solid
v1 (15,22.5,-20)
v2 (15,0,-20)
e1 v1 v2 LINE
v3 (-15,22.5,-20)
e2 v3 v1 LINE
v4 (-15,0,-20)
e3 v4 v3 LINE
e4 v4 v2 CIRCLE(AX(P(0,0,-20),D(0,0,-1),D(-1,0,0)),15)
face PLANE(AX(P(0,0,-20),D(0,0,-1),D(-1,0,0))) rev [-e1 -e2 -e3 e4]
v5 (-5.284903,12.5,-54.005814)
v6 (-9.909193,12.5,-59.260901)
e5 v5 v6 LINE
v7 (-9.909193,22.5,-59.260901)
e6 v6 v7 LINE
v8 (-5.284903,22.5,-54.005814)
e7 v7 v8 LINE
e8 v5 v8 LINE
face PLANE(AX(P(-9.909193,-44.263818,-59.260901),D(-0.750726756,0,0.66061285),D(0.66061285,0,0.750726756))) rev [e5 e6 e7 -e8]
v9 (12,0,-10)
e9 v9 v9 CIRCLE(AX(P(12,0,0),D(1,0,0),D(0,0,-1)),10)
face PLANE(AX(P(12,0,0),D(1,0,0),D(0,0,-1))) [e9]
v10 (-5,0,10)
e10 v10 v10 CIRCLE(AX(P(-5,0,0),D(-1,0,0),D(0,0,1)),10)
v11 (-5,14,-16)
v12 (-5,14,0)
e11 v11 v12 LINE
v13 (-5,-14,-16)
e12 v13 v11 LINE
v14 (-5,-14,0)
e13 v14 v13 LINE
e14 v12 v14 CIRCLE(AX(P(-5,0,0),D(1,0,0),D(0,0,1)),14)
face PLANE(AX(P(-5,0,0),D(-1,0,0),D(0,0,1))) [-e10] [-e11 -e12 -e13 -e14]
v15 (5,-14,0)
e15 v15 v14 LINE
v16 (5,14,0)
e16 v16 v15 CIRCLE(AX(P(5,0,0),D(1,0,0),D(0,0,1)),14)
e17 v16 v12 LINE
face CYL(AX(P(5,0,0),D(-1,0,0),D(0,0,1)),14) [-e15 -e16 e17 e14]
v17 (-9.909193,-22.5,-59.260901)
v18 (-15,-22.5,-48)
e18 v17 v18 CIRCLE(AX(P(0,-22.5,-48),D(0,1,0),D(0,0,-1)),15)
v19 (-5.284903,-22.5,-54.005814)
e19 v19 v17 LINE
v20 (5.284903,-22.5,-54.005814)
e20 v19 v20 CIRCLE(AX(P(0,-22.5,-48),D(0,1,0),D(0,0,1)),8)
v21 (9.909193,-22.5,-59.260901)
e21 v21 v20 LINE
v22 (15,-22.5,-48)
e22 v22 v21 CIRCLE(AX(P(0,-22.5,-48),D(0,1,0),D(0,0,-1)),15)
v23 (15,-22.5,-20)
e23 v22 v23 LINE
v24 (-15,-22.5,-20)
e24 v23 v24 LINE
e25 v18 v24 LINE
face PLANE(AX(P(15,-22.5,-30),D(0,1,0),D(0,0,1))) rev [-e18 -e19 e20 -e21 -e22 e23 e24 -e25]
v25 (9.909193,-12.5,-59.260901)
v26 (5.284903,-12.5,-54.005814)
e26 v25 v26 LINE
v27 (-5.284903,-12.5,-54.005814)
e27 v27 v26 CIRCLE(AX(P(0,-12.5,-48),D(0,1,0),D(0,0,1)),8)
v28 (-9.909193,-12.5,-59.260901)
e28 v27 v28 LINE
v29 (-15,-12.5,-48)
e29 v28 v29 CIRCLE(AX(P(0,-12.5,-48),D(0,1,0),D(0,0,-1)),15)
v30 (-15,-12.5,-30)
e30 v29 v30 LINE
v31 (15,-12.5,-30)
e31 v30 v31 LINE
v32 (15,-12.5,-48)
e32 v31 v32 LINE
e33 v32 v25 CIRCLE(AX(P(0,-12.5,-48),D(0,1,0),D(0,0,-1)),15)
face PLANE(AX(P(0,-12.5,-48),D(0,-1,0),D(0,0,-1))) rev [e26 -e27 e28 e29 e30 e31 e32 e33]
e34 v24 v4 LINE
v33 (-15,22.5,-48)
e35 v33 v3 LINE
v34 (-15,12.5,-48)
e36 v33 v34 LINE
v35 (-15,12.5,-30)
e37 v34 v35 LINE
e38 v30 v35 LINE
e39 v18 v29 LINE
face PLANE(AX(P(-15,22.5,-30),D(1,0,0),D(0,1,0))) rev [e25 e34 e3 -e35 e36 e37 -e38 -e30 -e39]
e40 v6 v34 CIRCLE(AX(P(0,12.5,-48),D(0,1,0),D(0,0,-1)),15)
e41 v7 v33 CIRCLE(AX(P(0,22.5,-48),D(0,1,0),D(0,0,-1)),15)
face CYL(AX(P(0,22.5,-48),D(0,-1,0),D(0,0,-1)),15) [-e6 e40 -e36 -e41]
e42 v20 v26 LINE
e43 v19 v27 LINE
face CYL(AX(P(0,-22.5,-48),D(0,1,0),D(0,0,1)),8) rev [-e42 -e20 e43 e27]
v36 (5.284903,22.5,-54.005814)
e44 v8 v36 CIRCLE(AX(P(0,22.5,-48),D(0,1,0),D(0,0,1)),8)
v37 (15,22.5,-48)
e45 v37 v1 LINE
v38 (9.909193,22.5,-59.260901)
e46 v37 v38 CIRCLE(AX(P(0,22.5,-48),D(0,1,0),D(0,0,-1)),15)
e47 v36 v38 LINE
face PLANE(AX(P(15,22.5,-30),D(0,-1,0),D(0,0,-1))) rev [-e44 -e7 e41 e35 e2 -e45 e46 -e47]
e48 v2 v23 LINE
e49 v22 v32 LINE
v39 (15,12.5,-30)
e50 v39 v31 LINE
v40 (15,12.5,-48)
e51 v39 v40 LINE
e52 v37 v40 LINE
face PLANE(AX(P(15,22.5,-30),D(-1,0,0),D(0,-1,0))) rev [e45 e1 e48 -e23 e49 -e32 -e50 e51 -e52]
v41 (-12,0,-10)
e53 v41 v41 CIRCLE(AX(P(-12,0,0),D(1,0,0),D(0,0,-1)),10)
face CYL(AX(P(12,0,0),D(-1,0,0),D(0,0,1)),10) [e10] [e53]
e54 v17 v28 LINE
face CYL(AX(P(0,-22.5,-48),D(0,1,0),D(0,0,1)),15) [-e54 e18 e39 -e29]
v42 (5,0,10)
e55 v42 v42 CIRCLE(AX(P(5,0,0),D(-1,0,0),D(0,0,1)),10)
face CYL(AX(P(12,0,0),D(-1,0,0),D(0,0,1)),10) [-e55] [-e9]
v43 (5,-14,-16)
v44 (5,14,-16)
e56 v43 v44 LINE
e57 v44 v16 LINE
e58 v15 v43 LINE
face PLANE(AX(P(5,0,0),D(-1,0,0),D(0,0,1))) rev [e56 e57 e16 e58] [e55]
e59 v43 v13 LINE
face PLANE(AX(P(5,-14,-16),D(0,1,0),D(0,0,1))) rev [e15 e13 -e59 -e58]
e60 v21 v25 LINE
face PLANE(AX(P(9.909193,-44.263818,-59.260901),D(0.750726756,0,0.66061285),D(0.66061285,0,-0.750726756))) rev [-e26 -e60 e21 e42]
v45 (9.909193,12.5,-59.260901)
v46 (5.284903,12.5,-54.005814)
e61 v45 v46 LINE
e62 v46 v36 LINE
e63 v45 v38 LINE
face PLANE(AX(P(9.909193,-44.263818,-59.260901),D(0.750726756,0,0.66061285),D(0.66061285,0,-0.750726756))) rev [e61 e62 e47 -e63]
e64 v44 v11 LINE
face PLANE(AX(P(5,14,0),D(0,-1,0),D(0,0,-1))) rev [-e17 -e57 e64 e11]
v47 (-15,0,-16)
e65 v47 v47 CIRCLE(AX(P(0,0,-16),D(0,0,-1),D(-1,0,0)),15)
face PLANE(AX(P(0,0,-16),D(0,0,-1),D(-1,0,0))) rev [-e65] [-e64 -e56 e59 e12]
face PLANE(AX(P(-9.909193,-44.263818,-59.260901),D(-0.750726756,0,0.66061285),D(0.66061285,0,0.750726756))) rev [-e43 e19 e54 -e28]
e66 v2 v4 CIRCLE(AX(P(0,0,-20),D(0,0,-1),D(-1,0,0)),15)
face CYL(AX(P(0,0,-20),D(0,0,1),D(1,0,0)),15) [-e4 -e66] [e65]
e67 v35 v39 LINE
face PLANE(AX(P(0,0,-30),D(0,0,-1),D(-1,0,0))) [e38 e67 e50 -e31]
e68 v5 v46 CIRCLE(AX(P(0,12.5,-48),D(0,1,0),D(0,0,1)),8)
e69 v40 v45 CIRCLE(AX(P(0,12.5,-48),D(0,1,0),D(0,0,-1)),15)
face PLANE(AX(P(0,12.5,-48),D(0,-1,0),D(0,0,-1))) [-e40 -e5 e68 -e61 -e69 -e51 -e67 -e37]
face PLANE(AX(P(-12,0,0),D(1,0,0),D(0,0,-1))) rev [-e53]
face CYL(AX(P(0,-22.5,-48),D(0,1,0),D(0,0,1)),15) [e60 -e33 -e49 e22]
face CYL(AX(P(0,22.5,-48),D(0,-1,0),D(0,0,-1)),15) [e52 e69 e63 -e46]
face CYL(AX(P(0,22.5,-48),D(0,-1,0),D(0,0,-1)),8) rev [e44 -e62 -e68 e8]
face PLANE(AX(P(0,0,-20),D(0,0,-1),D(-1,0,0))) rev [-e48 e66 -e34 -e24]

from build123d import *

# Parameters (mm, degrees)
SKETCH3_R           = 10
BOSS_EXTRUDE2_DEPTH = 12
BOSS_EXTRUDE3_DEPTH = 5
SKETCH5_R           = 15
BOSS_EXTRUDE4_DEPTH = 4
SKETCH6_W           = 30
SKETCH6_H           = 45
BOSS_EXTRUDE6_DEPTH = 10
BOSS_EXTRUDE7_START = 12.5
SKETCH7_R           = 8
BOSS_EXTRUDE7_DEPTH = 10
BOSS_EXTRUDE8_START = -22.5
SKETCH7_2_R         = 8
BOSS_EXTRUDE8_DEPTH = 10
CUT_EXTRUDE1_REACH  = 80.861


with BuildPart() as part:
    # Sketch3 → Boss-Extrude2 (new, symmetric)
    with BuildSketch(Plane(origin=(0, 0, 0), x_dir=(0, 0, -1), z_dir=(1, 0, 0))):
        Circle(SKETCH3_R)
    extrude(amount=BOSS_EXTRUDE2_DEPTH, both=True)

    # Sketch4 → Boss-Extrude3 (add, symmetric)
    with BuildSketch(Plane(origin=(0, 0, 0), x_dir=(0, 0, -1), z_dir=(1, 0, 0))):
        with BuildLine():
            Line((0, 14), (16, 14))
            Line((16, 14), (16, -14))
            Line((16, -14), (0, -14))
            ThreePointArc((0, -14), (-14, 0), (0, 14))
        make_face()
    extrude(amount=BOSS_EXTRUDE3_DEPTH, both=True)

    # Sketch5 → Boss-Extrude4 (add)
    with BuildSketch(Plane(origin=(0, 0, -16), x_dir=(-1, 0, 0), z_dir=(0, 0, -1))):
        Circle(SKETCH5_R)
    extrude(amount=BOSS_EXTRUDE4_DEPTH)

    # Sketch6 → Boss-Extrude6 (add)
    with BuildSketch(Plane(origin=(0, 0, -20), x_dir=(-1, 0, 0), z_dir=(0, 0, -1))):
        Rectangle(SKETCH6_W, SKETCH6_H)
    extrude(amount=BOSS_EXTRUDE6_DEPTH)

    # Sketch7 → Boss-Extrude7 (add)
    with BuildSketch(Plane(origin=(0, 0, 0), x_dir=(1, 0, 0), z_dir=(0, 1, 0)).offset(BOSS_EXTRUDE7_START)):
        with BuildLine():
            Line((-15, 30), (-15, 48))
            ThreePointArc((-15, 48), (0, 63), (15, 48))
            Line((15, 48), (15, 30))
            Line((15, 30), (-15, 30))
        make_face()
        with Locations(Location((0, 48, 0), (0, 0, 270))):
            Circle(SKETCH7_R, mode=Mode.SUBTRACT)
    extrude(amount=BOSS_EXTRUDE7_DEPTH)

    # Sketch7<2> → Boss-Extrude8 (add)
    with BuildSketch(Plane(origin=(0, 0, 0), x_dir=(1, 0, 0), z_dir=(0, 1, 0)).offset(BOSS_EXTRUDE8_START)):
        with BuildLine():
            Line((-15, 30), (-15, 48))
            ThreePointArc((-15, 48), (0, 63), (15, 48))
            Line((15, 48), (15, 30))
            Line((15, 30), (-15, 30))
        make_face()
        with Locations(Location((0, 48, 0), (0, 0, 270))):
            Circle(SKETCH7_2_R, mode=Mode.SUBTRACT)
    extrude(amount=BOSS_EXTRUDE8_DEPTH)

    # Cut-Extrude1: up to this face of the body (flat: up to its plane)
    cut_extrude1_end = Plane(part.part.faces().sort_by_distance((0, -22.5, -38.416854183))[0])
    # Sketch8 → Cut-Extrude1 (cut, up to the picked face)
    with BuildSketch(Plane(origin=(0, 22.5, 0), x_dir=(1, 0, 0), z_dir=(0, 1, 0)), mode=Mode.PRIVATE) as cut_extrude1_sk1:
        with BuildLine():
            Line((-9.909192751, 59.260901342), (-5.2849028, 54.005814049))
            ThreePointArc((-5.2849028, 54.005814049), (0, 56), (5.2849028, 54.005814049))
            Line((5.2849028, 54.005814049), (9.909192751, 59.260901342))
            ThreePointArc((9.909192751, 59.260901342), (0, 63), (-9.909192751, 59.260901342))
        make_face()
    cut_extrude1_tool1 = split(extrude(cut_extrude1_sk1.sketch, amount=-CUT_EXTRUDE1_REACH, mode=Mode.PRIVATE), bisect_by=cut_extrude1_end, keep=Keep.BOTH, mode=Mode.PRIVATE)
    add(cut_extrude1_tool1.solids().sort_by(Axis((0, 22.5, -58.852599), (0, -1, 0)))[0], mode=Mode.SUBTRACT)


solid = part.part
